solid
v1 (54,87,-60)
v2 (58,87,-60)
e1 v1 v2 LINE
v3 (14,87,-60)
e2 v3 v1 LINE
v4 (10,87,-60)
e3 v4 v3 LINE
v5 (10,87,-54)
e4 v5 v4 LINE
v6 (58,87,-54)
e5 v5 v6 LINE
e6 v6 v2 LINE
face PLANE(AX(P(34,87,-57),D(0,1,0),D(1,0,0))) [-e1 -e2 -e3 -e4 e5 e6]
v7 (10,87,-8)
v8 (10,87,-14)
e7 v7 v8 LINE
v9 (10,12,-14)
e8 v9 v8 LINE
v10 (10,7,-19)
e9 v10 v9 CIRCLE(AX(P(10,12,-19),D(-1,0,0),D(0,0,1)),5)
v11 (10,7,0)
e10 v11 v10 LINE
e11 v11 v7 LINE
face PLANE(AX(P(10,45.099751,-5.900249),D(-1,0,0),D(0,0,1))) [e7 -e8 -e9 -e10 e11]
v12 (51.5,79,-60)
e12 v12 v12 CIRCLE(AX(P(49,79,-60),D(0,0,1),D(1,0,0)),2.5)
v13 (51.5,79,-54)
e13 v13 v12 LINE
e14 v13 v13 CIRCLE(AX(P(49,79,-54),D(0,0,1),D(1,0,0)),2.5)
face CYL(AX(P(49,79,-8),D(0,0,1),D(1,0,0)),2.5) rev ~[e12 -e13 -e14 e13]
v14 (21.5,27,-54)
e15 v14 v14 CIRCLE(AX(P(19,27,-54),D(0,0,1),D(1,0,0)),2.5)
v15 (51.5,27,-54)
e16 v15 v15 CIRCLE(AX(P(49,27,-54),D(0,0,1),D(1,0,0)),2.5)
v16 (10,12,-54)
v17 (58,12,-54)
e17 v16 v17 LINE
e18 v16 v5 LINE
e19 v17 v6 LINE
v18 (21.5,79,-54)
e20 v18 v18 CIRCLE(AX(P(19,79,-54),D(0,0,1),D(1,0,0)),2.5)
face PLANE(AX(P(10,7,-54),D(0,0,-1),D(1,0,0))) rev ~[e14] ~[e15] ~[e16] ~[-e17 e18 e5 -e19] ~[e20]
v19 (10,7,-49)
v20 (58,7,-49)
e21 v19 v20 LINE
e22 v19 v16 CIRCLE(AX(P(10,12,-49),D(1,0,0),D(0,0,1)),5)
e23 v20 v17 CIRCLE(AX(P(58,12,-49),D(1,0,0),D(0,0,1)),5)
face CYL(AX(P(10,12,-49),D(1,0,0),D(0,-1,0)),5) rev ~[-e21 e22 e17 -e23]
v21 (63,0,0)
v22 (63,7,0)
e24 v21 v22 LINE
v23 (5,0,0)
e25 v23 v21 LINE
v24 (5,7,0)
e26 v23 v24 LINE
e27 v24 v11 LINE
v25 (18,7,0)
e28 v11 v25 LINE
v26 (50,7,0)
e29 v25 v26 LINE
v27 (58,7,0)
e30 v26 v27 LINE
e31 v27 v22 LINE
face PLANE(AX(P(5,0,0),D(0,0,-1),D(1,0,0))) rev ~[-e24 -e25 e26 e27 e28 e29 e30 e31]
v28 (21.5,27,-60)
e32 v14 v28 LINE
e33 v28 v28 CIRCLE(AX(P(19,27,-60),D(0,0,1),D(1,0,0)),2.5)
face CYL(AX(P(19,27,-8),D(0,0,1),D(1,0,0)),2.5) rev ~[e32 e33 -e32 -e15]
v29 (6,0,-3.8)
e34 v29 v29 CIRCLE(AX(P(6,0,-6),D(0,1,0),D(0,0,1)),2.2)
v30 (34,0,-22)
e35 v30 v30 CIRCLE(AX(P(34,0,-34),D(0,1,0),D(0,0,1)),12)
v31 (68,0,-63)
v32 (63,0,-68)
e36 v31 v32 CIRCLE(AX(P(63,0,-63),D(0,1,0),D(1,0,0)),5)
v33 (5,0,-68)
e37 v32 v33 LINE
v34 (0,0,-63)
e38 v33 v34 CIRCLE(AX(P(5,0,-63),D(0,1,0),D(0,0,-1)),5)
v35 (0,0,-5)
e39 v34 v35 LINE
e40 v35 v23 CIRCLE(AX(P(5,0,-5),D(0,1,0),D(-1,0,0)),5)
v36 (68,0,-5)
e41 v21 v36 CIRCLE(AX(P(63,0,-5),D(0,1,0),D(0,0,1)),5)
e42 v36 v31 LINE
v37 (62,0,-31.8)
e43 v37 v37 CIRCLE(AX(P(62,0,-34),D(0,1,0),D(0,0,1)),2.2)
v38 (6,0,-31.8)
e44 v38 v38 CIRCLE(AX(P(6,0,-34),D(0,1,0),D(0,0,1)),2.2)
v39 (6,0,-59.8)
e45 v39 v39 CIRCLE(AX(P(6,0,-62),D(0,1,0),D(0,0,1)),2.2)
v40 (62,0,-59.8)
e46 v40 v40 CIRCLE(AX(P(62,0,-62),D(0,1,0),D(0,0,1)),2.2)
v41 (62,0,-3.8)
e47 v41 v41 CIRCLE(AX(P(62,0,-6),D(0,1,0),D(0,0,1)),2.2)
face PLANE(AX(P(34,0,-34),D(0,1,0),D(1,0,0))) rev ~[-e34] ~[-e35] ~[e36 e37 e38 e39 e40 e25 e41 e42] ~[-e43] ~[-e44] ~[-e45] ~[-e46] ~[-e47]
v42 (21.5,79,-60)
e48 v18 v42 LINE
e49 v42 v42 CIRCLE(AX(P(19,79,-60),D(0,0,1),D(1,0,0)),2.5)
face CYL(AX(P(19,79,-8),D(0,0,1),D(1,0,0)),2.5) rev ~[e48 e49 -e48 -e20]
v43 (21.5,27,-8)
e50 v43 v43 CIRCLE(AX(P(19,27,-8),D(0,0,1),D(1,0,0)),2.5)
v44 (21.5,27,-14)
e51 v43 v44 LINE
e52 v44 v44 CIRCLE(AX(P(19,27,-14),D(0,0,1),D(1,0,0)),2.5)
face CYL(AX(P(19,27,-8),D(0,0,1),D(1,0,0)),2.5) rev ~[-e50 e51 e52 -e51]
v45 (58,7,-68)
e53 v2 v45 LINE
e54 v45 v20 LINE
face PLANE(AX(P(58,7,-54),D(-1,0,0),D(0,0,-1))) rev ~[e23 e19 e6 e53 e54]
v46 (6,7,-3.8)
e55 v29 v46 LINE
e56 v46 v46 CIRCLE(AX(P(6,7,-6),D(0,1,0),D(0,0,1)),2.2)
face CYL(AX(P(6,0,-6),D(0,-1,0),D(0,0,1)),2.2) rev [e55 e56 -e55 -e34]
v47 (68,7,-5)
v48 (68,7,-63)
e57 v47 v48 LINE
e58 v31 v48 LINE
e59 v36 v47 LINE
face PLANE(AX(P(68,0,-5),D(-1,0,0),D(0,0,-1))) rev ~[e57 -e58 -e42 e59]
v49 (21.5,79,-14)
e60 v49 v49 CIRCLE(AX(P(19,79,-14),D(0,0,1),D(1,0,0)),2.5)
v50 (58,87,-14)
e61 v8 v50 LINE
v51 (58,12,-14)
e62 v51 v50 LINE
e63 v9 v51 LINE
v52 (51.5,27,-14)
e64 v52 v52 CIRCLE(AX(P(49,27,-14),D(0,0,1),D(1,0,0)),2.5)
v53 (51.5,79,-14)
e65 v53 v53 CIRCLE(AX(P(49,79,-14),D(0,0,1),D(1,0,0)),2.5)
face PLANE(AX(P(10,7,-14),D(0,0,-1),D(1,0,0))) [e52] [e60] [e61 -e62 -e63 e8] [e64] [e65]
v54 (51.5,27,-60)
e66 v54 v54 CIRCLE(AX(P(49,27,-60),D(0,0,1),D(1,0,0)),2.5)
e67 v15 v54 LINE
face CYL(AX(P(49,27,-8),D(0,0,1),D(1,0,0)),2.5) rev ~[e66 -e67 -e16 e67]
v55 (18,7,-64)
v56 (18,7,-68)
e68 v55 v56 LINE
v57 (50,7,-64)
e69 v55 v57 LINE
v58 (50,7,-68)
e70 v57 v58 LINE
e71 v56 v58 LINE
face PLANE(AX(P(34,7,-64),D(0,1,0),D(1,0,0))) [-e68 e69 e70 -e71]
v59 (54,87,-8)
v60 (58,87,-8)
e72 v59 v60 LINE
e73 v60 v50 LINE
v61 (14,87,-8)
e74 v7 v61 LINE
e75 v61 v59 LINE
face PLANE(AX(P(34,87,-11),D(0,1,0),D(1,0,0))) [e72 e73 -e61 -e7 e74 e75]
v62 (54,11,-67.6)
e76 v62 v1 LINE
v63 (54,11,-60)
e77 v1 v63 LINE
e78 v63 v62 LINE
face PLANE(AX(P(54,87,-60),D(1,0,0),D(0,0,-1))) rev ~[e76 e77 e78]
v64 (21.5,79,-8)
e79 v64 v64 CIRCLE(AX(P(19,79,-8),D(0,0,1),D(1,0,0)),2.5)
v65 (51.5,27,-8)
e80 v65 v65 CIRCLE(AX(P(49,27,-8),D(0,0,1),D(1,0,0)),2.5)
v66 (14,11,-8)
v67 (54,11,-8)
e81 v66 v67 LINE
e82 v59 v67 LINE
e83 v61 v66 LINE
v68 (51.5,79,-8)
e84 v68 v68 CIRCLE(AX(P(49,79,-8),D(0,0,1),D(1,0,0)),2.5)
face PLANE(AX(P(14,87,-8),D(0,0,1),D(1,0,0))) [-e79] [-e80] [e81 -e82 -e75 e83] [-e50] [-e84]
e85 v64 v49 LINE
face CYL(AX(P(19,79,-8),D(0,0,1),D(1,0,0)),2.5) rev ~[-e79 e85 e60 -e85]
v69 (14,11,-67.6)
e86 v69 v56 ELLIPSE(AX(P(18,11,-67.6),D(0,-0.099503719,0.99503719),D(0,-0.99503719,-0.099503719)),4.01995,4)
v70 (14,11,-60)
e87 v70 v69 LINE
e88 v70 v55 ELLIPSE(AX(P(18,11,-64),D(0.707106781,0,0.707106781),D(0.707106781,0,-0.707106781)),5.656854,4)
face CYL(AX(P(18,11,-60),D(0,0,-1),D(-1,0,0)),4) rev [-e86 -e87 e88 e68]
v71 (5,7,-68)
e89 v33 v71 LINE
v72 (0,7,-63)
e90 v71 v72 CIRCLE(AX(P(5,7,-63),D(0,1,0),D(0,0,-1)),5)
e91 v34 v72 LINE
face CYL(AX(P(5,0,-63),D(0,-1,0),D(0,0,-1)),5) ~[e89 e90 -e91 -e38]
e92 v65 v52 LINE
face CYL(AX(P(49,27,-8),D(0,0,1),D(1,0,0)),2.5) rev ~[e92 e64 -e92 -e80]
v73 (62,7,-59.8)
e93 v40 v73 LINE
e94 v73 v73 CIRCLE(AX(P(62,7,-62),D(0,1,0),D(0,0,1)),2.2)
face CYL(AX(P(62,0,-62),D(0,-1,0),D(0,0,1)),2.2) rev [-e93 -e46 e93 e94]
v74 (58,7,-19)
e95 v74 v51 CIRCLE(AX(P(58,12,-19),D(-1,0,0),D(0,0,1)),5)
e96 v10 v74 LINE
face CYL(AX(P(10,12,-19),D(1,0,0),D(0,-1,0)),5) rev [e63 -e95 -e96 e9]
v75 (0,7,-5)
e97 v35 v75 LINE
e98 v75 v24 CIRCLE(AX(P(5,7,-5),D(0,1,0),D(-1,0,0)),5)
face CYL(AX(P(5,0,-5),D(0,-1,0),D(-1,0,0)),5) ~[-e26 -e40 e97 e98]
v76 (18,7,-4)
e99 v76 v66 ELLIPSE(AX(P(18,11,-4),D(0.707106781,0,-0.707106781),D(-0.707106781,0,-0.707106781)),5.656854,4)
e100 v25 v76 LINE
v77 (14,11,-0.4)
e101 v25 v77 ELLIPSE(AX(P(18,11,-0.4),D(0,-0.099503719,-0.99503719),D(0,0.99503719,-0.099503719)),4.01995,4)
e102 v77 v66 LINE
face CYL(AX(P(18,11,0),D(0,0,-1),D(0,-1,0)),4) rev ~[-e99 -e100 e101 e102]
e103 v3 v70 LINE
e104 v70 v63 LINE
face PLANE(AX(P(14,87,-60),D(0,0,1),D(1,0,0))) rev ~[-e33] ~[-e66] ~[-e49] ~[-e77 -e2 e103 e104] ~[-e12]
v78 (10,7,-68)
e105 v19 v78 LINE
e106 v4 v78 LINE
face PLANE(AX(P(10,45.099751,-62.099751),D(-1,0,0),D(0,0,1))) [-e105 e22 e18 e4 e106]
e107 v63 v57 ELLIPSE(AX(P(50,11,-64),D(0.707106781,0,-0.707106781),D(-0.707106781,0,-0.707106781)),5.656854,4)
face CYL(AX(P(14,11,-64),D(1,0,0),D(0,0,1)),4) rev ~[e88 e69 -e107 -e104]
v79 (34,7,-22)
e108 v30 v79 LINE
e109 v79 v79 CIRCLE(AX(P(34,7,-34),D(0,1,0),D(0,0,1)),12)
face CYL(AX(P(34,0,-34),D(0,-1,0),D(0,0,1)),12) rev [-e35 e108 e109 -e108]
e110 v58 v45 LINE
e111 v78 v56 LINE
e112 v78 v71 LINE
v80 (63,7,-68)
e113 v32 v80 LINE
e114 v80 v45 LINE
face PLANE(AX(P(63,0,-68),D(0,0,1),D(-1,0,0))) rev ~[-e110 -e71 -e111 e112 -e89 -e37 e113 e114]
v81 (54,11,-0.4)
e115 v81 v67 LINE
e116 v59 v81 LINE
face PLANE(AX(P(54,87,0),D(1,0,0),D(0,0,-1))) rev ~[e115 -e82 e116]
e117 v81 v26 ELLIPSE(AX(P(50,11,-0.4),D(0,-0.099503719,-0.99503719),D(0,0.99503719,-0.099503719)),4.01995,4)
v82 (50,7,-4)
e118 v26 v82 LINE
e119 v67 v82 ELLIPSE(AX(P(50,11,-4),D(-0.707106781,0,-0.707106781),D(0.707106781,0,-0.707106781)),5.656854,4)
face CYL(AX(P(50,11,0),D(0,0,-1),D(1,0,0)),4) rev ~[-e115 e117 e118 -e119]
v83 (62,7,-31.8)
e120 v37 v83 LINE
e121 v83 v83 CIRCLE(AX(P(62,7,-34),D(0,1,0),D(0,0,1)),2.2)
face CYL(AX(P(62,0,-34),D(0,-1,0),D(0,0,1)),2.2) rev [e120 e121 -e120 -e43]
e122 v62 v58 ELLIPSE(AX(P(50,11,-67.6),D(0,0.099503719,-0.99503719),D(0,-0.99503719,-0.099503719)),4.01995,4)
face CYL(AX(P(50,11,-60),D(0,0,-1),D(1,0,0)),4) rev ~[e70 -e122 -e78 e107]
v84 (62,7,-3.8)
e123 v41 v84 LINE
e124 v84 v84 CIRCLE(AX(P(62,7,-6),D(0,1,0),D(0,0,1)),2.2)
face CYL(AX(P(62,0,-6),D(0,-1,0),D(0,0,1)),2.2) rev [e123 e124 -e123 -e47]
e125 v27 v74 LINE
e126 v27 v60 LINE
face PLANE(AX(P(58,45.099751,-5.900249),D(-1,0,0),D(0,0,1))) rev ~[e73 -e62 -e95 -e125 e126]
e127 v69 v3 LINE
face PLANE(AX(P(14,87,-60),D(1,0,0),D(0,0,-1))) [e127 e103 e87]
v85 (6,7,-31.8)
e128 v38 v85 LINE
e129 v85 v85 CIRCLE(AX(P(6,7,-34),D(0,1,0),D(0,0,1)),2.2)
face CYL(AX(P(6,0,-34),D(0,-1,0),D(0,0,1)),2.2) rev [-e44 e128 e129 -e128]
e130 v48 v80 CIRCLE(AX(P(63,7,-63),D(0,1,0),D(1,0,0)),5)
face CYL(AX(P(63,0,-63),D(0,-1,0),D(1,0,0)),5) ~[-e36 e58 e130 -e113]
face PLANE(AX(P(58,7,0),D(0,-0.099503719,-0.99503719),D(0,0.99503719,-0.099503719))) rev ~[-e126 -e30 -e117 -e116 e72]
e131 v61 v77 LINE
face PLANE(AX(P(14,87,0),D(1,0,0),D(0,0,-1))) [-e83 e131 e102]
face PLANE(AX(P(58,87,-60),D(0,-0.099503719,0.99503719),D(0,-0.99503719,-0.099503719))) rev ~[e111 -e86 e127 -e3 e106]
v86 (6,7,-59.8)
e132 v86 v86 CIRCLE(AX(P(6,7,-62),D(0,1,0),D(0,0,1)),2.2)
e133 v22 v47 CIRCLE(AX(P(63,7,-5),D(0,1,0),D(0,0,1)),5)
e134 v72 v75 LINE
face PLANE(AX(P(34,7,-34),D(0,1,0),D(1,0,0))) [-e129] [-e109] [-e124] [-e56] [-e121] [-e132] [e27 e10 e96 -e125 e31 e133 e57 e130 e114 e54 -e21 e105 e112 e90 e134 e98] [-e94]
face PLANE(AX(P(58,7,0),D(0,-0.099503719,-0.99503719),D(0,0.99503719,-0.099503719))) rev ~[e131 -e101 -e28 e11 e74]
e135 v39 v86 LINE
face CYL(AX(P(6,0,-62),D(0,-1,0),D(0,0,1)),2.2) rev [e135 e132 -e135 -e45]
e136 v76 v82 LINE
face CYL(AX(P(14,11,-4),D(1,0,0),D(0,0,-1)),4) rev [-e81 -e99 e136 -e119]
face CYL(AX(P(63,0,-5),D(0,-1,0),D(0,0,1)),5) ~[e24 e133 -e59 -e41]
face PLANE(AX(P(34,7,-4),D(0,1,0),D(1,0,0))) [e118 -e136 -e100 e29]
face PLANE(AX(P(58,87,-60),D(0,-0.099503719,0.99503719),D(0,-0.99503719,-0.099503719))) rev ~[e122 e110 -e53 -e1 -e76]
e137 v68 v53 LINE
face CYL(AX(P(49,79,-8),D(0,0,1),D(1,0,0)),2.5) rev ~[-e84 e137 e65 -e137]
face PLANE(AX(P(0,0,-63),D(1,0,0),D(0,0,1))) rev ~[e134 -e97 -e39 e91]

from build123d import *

# Parameters (mm, degrees)
SKETCH1_R           = 2.2
SKETCH1_R_2         = 12
BOSS_EXTRUDE1_DEPTH = 7
SKETCH2_W           = 48
SKETCH2_H           = 6
BOSS_EXTRUDE2_DEPTH = 80
BOSS_EXTRUDE3_DEPTH = 48
SKETCH5_W           = 40
SKETCH5_H           = 8
CUT_EXTRUDE1_DEPTH  = 80
SKETCH6_R           = 2.5
CUT_EXTRUDE2_DEPTH  = 80
FILLET1_R           = 5
FILLET5_R           = 4


with BuildPart() as part:
    # Sketch1 → Boss-Extrude1 (new body)
    with BuildSketch(Plane(origin=(0, 0, 0), x_dir=(1, 0, 0), z_dir=(0, 1, 0))):
        with BuildLine():
            Line((5, 0), (63, 0))
            ThreePointArc((63, 0), (66.535533906, 1.464466094), (68, 5))
            Line((68, 5), (68, 63))
            ThreePointArc((68, 63), (66.535533906, 66.535533906), (63, 68))
            Line((63, 68), (5, 68))
            ThreePointArc((5, 68), (1.464466094, 66.535533906), (0, 63))
            Line((0, 63), (0, 5))
            ThreePointArc((0, 5), (1.464466094, 1.464466094), (5, 0))
        make_face()
        with Locations(Location((6, 6, 0), (0, 0, 270))):
            Circle(SKETCH1_R, mode=Mode.SUBTRACT)
        with Locations(Location((62, 6, 0), (0, 0, 270))):
            Circle(SKETCH1_R, mode=Mode.SUBTRACT)
        with Locations(Location((62, 34, 0), (0, 0, 270))):
            Circle(SKETCH1_R, mode=Mode.SUBTRACT)
        with Locations(Location((62, 62, 0), (0, 0, 270))):
            Circle(SKETCH1_R, mode=Mode.SUBTRACT)
        with Locations(Location((6, 34, 0), (0, 0, 270))):
            Circle(SKETCH1_R, mode=Mode.SUBTRACT)
        with Locations(Location((6, 62, 0), (0, 0, 270))):
            Circle(SKETCH1_R, mode=Mode.SUBTRACT)
        with Locations(Location((34, 34, 0), (0, 0, 270))):
            Circle(SKETCH1_R_2, mode=Mode.SUBTRACT)
    extrude(amount=BOSS_EXTRUDE1_DEPTH)

    # Sketch2 → Boss-Extrude2 (add)
    with BuildSketch(Plane(origin=(0, 7, 0), x_dir=(1, 0, 0), z_dir=(0, 1, 0))):
        with Locations((34, 57)):
            Rectangle(SKETCH2_W, SKETCH2_H)
        with Locations((34, 11)):
            Rectangle(SKETCH2_W, SKETCH2_H)
    extrude(amount=BOSS_EXTRUDE2_DEPTH)

    # Sketch4 → Boss-Extrude3 (add)
    with BuildSketch(Plane(origin=(58, 0, 0), x_dir=(0, 0, -1), z_dir=(1, 0, 0))):
        Polygon((8, 7), (0, 7), (8, 87), align=None)
        Polygon((60, 7), (60, 87), (68, 7), align=None)
    extrude(amount=-BOSS_EXTRUDE3_DEPTH)

    # Sketch5 → Cut-Extrude1 (cut)
    with BuildSketch(Plane(origin=(0, 87, 0), x_dir=(1, 0, 0), z_dir=(0, 1, 0))):
        with Locations((34, 64)):
            Rectangle(SKETCH5_W, SKETCH5_H)
        with Locations((34, 4)):
            Rectangle(SKETCH5_W, SKETCH5_H)
    extrude(amount=-CUT_EXTRUDE1_DEPTH, mode=Mode.SUBTRACT)

    # Sketch6 → Cut-Extrude2 (cut)
    with BuildSketch(Plane.XY.offset(-8)):
        with Locations((19, 79)):
            Circle(SKETCH6_R)
        with Locations((49, 79)):
            Circle(SKETCH6_R)
        with Locations((19, 27)):
            Circle(SKETCH6_R)
        with Locations((49, 27)):
            Circle(SKETCH6_R)
    extrude(amount=-CUT_EXTRUDE2_DEPTH, mode=Mode.SUBTRACT)

    # Fillet1
    fillet1_edges = [part.edges().sort_by_distance(p)[0] for p in [
        (34, 7, -54),
        (34, 7, -14),
    ]]
    fillet(fillet1_edges, radius=FILLET1_R)

    # Fillet5
    fillet5_edges = [part.edges().sort_by_distance(p)[0] for p in [
        (14, 7, -64),
        (54, 7, -64),
        (34, 7, -60),
        (14, 7, -4),
        (34, 7, -8),
        (54, 7, -4),
    ]]
    fillet(fillet5_edges, radius=FILLET5_R)


solid = part.part
